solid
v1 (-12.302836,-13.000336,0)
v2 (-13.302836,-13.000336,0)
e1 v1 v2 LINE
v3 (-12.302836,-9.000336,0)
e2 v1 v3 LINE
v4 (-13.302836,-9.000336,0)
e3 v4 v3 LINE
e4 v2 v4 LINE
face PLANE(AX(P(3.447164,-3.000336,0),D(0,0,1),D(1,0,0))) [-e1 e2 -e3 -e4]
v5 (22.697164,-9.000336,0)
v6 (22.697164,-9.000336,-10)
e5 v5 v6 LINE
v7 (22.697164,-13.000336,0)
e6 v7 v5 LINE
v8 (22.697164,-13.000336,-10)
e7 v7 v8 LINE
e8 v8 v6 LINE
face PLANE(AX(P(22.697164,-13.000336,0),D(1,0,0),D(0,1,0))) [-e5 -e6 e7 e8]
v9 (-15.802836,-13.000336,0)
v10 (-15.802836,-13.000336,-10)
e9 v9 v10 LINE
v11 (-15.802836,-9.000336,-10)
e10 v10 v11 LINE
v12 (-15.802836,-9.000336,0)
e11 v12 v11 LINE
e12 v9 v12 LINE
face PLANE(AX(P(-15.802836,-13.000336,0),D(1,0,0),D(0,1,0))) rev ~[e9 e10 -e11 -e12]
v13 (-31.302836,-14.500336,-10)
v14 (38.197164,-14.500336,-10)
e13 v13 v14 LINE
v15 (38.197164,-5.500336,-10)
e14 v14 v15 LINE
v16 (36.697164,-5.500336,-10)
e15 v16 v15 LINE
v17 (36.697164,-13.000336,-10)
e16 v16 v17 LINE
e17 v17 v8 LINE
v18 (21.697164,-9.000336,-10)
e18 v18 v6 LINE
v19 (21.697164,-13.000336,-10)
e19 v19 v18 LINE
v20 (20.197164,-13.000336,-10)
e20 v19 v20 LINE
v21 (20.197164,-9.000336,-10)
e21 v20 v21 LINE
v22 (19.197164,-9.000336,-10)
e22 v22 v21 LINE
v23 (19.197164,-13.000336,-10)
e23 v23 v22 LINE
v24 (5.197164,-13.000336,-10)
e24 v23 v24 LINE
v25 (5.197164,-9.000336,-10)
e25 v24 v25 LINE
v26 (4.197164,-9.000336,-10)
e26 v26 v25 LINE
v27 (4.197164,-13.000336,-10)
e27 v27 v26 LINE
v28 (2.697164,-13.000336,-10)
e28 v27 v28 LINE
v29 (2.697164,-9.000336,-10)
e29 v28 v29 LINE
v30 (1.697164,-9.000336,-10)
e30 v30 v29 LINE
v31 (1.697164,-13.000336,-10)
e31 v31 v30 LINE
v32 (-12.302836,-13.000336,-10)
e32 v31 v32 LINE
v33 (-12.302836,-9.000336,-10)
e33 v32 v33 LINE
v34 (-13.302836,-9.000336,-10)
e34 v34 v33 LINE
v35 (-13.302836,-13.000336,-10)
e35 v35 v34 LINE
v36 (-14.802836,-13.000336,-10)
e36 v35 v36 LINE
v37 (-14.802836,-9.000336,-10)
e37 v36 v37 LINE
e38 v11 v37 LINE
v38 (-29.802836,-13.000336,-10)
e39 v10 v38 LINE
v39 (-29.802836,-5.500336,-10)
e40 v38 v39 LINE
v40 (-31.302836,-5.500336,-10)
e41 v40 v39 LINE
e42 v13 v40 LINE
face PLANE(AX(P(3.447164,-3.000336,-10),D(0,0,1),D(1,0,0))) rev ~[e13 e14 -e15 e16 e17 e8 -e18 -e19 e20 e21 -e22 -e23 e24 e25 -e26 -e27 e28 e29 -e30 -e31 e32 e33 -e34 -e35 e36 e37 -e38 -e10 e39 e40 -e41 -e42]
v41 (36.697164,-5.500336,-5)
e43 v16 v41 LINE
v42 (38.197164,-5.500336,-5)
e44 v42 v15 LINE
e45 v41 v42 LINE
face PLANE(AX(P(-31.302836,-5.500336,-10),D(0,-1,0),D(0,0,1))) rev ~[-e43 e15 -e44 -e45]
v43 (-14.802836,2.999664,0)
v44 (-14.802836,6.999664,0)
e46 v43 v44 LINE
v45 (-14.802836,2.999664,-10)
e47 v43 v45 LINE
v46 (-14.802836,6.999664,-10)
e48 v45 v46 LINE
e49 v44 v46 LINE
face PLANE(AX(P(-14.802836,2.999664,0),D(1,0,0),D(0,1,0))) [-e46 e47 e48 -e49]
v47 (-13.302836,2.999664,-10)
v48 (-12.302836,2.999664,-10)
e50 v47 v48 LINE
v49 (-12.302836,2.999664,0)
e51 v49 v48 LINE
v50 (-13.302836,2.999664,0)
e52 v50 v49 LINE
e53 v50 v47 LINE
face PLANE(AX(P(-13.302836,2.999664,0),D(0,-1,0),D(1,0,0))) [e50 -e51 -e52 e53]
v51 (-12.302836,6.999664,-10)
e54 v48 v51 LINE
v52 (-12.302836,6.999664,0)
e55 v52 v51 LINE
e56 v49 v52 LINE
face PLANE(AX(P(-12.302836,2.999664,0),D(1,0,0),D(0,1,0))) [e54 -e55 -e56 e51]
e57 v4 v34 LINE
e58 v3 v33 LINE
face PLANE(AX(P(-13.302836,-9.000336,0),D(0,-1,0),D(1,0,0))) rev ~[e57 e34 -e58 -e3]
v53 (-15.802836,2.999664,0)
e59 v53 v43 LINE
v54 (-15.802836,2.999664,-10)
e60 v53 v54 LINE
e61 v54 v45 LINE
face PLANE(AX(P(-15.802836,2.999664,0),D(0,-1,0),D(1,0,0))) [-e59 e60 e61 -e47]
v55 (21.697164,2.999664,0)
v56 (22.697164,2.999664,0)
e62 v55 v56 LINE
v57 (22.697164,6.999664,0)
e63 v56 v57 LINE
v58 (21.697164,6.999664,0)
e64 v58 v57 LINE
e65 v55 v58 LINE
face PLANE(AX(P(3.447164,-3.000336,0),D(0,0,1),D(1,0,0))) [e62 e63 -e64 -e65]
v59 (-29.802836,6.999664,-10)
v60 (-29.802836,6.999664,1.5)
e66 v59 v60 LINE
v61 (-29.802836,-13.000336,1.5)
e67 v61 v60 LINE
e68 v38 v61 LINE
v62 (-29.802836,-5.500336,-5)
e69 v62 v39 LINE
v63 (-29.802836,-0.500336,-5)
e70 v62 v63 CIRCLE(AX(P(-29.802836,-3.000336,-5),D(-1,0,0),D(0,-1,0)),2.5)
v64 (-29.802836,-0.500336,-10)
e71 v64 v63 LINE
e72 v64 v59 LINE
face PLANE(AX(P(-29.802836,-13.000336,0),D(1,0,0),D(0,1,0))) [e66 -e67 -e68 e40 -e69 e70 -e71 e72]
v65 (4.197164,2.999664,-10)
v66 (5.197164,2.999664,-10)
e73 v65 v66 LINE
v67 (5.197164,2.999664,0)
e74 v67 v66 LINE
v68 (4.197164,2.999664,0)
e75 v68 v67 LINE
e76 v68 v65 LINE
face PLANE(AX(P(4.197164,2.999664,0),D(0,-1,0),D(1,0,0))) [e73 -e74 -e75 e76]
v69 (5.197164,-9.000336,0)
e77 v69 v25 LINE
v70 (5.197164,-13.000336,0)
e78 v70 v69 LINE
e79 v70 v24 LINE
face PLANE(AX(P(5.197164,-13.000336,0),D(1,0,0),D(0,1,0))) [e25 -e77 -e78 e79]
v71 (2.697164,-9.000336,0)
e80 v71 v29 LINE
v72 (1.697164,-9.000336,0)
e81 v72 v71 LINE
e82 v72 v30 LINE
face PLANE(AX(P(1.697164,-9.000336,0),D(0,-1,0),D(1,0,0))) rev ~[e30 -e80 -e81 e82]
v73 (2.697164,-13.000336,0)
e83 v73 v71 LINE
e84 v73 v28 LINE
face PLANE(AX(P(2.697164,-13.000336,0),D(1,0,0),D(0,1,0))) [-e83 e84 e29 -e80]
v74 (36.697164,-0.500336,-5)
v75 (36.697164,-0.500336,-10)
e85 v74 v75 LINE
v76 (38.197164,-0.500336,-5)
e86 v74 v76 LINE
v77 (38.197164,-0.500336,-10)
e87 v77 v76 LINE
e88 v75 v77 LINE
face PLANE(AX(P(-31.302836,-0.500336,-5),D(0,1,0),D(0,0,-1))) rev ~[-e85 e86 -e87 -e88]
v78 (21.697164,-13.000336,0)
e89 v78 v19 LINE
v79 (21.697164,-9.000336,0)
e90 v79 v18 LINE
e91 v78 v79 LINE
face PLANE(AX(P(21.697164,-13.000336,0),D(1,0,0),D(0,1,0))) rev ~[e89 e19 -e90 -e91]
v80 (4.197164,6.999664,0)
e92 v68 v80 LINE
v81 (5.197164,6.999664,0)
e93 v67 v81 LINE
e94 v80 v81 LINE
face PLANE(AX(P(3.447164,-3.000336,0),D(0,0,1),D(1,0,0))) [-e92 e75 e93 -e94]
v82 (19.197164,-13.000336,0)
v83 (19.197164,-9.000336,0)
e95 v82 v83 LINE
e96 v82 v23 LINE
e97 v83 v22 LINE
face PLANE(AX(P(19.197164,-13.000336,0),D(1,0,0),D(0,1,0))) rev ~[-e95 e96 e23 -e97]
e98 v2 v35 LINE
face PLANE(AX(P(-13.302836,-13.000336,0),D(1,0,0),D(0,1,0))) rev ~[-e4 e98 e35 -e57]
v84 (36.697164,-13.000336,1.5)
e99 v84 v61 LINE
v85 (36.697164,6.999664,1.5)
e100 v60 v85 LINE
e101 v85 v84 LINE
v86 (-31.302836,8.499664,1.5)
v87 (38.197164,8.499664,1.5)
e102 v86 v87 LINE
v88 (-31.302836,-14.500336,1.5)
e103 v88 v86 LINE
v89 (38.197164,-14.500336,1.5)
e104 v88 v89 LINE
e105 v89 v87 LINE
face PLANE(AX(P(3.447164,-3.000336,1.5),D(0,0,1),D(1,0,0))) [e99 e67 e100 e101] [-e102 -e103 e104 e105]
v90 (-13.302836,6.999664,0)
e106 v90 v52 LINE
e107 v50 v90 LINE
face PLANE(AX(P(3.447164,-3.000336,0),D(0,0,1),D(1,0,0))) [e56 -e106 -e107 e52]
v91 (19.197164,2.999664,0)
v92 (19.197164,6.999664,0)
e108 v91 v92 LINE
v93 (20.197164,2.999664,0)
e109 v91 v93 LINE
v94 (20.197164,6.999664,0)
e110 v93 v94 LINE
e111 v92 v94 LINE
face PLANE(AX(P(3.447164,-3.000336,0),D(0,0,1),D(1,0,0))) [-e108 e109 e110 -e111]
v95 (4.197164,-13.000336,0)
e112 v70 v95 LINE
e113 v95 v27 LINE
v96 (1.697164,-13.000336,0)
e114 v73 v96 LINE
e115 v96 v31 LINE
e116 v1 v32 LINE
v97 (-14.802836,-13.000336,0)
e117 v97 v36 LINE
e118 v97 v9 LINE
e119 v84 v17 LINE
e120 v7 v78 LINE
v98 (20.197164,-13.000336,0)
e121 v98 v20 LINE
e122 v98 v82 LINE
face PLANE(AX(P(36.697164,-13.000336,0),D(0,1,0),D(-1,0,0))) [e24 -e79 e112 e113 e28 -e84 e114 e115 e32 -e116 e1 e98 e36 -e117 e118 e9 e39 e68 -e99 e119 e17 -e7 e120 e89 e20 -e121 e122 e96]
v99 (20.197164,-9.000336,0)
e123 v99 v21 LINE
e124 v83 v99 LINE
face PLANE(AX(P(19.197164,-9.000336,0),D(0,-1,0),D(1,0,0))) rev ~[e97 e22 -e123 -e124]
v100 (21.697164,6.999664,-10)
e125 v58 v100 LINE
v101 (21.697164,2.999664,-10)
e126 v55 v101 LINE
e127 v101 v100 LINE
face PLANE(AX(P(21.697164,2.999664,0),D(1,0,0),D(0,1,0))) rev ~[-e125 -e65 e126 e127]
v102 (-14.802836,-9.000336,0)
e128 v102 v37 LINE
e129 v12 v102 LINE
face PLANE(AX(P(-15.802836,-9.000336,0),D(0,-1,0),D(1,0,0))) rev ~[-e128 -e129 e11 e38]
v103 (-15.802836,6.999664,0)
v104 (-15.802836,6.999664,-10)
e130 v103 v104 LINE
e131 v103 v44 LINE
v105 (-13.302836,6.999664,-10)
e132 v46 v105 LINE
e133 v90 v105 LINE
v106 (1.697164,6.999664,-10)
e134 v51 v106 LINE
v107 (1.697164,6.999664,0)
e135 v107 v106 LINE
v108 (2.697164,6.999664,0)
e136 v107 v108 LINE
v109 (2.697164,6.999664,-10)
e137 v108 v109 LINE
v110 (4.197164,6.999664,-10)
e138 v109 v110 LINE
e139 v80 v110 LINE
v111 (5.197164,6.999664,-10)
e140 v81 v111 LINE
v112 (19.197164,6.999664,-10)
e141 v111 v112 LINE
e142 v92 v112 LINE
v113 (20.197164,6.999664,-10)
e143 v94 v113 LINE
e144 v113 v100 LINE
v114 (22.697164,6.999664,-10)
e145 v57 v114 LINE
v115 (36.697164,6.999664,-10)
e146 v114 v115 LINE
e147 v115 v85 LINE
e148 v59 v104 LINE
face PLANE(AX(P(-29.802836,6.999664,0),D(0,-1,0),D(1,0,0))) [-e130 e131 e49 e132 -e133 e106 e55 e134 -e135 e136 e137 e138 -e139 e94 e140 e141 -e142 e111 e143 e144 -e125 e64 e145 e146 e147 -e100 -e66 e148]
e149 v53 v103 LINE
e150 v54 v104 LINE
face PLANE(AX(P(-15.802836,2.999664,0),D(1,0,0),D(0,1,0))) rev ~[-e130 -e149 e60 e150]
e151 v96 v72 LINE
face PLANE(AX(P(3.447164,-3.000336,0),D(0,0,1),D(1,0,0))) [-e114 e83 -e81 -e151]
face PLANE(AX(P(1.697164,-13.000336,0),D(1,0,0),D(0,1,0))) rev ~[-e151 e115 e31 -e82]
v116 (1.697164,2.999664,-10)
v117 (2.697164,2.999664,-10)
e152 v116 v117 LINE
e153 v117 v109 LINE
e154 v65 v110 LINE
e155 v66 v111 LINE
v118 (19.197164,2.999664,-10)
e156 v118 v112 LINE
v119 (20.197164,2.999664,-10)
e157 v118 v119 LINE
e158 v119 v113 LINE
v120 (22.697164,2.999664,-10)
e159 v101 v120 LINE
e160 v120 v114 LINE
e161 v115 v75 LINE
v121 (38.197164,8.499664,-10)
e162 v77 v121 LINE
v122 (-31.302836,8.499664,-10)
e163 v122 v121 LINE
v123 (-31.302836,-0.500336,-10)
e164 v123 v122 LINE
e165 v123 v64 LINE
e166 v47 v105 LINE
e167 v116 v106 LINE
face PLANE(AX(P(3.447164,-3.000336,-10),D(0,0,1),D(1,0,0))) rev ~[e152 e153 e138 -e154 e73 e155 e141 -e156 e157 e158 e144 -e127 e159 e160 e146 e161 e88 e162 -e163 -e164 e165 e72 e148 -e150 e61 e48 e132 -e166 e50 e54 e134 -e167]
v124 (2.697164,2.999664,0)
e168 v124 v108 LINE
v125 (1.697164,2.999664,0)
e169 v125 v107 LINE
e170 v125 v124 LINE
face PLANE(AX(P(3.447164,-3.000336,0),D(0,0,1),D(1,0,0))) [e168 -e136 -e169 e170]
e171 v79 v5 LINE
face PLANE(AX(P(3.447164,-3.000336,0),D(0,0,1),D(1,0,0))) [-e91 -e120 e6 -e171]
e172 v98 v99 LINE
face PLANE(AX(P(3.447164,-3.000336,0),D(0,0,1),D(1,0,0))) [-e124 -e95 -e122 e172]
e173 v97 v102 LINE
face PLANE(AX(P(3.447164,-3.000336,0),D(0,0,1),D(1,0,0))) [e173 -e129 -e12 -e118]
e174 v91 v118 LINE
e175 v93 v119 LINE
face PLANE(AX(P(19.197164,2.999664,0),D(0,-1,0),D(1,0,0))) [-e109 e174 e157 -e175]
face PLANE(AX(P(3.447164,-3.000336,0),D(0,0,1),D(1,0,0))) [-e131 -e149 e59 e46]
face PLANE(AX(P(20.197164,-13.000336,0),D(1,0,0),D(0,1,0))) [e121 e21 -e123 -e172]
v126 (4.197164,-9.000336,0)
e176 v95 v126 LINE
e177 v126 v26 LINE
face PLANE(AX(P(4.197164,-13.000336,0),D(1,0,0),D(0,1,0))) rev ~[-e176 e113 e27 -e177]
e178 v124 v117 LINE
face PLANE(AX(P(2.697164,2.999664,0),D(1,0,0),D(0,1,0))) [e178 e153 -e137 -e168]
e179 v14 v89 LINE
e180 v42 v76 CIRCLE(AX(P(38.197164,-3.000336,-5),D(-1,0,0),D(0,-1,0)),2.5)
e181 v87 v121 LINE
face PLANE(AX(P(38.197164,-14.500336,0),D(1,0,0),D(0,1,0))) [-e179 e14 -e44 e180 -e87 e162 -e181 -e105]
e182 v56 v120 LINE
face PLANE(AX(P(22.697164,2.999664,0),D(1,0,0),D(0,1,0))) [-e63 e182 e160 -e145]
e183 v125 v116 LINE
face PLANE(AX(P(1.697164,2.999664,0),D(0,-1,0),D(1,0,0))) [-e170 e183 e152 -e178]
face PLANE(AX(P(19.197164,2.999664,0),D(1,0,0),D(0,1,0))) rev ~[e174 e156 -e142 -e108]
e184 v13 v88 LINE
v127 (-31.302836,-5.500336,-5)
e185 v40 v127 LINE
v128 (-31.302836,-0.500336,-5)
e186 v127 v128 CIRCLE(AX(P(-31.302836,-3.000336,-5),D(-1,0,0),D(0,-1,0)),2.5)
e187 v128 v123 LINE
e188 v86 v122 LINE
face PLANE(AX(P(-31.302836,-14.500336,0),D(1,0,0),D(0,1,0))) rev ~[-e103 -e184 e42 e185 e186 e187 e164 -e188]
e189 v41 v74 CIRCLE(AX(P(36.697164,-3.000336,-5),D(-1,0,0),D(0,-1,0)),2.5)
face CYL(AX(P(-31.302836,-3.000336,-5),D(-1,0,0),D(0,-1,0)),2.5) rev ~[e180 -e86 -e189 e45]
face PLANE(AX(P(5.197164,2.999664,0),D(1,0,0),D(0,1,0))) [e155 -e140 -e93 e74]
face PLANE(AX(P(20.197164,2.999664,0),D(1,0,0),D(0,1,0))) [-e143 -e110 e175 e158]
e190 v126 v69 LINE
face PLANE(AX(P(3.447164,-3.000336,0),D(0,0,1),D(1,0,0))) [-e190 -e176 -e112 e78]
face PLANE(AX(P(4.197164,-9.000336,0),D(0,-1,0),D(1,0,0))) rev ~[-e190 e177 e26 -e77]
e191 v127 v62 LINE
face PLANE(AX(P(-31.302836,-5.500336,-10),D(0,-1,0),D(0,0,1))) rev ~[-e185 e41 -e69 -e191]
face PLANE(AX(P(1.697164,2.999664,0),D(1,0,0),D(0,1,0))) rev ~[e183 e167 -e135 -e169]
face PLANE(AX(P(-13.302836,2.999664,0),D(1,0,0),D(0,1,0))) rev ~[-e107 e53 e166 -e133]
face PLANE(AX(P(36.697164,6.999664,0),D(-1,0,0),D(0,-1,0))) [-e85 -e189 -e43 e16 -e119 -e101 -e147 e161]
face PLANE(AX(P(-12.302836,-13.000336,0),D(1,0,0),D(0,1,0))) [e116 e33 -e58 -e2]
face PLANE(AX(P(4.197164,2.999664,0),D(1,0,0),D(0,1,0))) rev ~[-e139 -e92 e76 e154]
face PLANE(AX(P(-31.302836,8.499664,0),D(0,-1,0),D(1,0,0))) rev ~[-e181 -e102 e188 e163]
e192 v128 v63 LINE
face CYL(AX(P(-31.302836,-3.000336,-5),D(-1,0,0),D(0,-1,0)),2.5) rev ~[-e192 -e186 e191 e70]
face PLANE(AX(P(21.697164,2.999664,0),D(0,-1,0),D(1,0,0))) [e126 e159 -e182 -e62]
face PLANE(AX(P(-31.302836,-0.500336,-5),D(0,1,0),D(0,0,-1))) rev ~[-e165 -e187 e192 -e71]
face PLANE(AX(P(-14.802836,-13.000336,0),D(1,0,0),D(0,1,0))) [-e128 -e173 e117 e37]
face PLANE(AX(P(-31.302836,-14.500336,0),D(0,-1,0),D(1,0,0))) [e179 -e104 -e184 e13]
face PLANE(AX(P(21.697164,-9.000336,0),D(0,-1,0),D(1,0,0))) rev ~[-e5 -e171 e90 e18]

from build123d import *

# Parameters (mm, degrees)
F0_W     = 69.5
F0_H     = 23
F1_DEPTH = 1.5
F0_W_2   = 1
F0_H_2   = 4
F2_DEPTH = 10
F4_DEPTH = 69.501


with BuildPart() as f1:
    # F0 (on Top) → F1 (new body)
    with BuildSketch(Plane.XY):
        with Locations((3.447164, -3.000336)):
            Rectangle(F0_W, F0_H)
        Polygon((-29.802836, -13.000336), (-29.802836, 6.999664), (-15.802836, 6.999664), (-14.802836, 6.999664), (-13.302836, 6.999664), (-12.302836, 6.999664), (1.697164, 6.999664), (2.697164, 6.999664), (4.197164, 6.999664), (5.197164, 6.999664), (19.197164, 6.999664), (20.197164, 6.999664), (21.697164, 6.999664), (22.697164, 6.999664), (36.697164, 6.999664), (36.697164, -13.000336), (22.697164, -13.000336), (21.697164, -13.000336), (20.197164, -13.000336), (19.197164, -13.000336), (5.197164, -13.000336), (4.197164, -13.000336), (2.697164, -13.000336), (1.697164, -13.000336), (-12.302836, -13.000336), (-13.302836, -13.000336), (-14.802836, -13.000336), (-15.802836, -13.000336), align=None, mode=Mode.SUBTRACT)
    extrude(amount=F1_DEPTH)

    # F0 (on Top) → F2 (join)
    with BuildSketch(Plane.XY):
        with Locations((3.447164, -3.000336)):
            Rectangle(F0_W, F0_H)
        Polygon((-29.802836, -13.000336), (-29.802836, 6.999664), (-15.802836, 6.999664), (-14.802836, 6.999664), (-13.302836, 6.999664), (-12.302836, 6.999664), (1.697164, 6.999664), (2.697164, 6.999664), (4.197164, 6.999664), (5.197164, 6.999664), (19.197164, 6.999664), (20.197164, 6.999664), (21.697164, 6.999664), (22.697164, 6.999664), (36.697164, 6.999664), (36.697164, -13.000336), (22.697164, -13.000336), (21.697164, -13.000336), (20.197164, -13.000336), (19.197164, -13.000336), (5.197164, -13.000336), (4.197164, -13.000336), (2.697164, -13.000336), (1.697164, -13.000336), (-12.302836, -13.000336), (-13.302836, -13.000336), (-14.802836, -13.000336), (-15.802836, -13.000336), align=None, mode=Mode.SUBTRACT)
        with Locations((-15.302836, -11.000336)):
            Rectangle(F0_W_2, F0_H_2)
        with Locations((-12.802836, -11.000336)):
            Rectangle(F0_W_2, F0_H_2)
        with Locations((2.197164, -11.000336)):
            Rectangle(F0_W_2, F0_H_2)
        with Locations((4.697164, -11.000336)):
            Rectangle(F0_W_2, F0_H_2)
        with Locations((19.697164, -11.000336)):
            Rectangle(F0_W_2, F0_H_2)
        with Locations((22.197164, -11.000336)):
            Rectangle(F0_W_2, F0_H_2)
        with Locations((22.197164, 4.999664)):
            Rectangle(F0_W_2, F0_H_2)
        with Locations((19.697164, 4.999664)):
            Rectangle(F0_W_2, F0_H_2)
        with Locations((4.697164, 4.999664)):
            Rectangle(F0_W_2, F0_H_2)
        with Locations((2.197164, 4.999664)):
            Rectangle(F0_W_2, F0_H_2)
        with Locations((-12.802836, 4.999664)):
            Rectangle(F0_W_2, F0_H_2)
        with Locations((-15.302836, 4.999664)):
            Rectangle(F0_W_2, F0_H_2)
    extrude(amount=-F2_DEPTH)

    # F3 (on face) → F4 (cut, through all)
    with BuildSketch(Plane(origin=(-31.302836, 0, 0), x_dir=(0, -1, 0), z_dir=(-1, 0, 0))):
        with BuildLine():
            Line((0.500336, -5), (0.500336, -10))
            Line((0.500336, -10), (5.500336, -10))
            Line((5.500336, -10), (5.500336, -5))
            ThreePointArc((5.500336, -5), (3.000336, -2.5), (0.500336, -5))
        make_face()
    extrude(amount=-F4_DEPTH, mode=Mode.SUBTRACT)


solid = f1.part
